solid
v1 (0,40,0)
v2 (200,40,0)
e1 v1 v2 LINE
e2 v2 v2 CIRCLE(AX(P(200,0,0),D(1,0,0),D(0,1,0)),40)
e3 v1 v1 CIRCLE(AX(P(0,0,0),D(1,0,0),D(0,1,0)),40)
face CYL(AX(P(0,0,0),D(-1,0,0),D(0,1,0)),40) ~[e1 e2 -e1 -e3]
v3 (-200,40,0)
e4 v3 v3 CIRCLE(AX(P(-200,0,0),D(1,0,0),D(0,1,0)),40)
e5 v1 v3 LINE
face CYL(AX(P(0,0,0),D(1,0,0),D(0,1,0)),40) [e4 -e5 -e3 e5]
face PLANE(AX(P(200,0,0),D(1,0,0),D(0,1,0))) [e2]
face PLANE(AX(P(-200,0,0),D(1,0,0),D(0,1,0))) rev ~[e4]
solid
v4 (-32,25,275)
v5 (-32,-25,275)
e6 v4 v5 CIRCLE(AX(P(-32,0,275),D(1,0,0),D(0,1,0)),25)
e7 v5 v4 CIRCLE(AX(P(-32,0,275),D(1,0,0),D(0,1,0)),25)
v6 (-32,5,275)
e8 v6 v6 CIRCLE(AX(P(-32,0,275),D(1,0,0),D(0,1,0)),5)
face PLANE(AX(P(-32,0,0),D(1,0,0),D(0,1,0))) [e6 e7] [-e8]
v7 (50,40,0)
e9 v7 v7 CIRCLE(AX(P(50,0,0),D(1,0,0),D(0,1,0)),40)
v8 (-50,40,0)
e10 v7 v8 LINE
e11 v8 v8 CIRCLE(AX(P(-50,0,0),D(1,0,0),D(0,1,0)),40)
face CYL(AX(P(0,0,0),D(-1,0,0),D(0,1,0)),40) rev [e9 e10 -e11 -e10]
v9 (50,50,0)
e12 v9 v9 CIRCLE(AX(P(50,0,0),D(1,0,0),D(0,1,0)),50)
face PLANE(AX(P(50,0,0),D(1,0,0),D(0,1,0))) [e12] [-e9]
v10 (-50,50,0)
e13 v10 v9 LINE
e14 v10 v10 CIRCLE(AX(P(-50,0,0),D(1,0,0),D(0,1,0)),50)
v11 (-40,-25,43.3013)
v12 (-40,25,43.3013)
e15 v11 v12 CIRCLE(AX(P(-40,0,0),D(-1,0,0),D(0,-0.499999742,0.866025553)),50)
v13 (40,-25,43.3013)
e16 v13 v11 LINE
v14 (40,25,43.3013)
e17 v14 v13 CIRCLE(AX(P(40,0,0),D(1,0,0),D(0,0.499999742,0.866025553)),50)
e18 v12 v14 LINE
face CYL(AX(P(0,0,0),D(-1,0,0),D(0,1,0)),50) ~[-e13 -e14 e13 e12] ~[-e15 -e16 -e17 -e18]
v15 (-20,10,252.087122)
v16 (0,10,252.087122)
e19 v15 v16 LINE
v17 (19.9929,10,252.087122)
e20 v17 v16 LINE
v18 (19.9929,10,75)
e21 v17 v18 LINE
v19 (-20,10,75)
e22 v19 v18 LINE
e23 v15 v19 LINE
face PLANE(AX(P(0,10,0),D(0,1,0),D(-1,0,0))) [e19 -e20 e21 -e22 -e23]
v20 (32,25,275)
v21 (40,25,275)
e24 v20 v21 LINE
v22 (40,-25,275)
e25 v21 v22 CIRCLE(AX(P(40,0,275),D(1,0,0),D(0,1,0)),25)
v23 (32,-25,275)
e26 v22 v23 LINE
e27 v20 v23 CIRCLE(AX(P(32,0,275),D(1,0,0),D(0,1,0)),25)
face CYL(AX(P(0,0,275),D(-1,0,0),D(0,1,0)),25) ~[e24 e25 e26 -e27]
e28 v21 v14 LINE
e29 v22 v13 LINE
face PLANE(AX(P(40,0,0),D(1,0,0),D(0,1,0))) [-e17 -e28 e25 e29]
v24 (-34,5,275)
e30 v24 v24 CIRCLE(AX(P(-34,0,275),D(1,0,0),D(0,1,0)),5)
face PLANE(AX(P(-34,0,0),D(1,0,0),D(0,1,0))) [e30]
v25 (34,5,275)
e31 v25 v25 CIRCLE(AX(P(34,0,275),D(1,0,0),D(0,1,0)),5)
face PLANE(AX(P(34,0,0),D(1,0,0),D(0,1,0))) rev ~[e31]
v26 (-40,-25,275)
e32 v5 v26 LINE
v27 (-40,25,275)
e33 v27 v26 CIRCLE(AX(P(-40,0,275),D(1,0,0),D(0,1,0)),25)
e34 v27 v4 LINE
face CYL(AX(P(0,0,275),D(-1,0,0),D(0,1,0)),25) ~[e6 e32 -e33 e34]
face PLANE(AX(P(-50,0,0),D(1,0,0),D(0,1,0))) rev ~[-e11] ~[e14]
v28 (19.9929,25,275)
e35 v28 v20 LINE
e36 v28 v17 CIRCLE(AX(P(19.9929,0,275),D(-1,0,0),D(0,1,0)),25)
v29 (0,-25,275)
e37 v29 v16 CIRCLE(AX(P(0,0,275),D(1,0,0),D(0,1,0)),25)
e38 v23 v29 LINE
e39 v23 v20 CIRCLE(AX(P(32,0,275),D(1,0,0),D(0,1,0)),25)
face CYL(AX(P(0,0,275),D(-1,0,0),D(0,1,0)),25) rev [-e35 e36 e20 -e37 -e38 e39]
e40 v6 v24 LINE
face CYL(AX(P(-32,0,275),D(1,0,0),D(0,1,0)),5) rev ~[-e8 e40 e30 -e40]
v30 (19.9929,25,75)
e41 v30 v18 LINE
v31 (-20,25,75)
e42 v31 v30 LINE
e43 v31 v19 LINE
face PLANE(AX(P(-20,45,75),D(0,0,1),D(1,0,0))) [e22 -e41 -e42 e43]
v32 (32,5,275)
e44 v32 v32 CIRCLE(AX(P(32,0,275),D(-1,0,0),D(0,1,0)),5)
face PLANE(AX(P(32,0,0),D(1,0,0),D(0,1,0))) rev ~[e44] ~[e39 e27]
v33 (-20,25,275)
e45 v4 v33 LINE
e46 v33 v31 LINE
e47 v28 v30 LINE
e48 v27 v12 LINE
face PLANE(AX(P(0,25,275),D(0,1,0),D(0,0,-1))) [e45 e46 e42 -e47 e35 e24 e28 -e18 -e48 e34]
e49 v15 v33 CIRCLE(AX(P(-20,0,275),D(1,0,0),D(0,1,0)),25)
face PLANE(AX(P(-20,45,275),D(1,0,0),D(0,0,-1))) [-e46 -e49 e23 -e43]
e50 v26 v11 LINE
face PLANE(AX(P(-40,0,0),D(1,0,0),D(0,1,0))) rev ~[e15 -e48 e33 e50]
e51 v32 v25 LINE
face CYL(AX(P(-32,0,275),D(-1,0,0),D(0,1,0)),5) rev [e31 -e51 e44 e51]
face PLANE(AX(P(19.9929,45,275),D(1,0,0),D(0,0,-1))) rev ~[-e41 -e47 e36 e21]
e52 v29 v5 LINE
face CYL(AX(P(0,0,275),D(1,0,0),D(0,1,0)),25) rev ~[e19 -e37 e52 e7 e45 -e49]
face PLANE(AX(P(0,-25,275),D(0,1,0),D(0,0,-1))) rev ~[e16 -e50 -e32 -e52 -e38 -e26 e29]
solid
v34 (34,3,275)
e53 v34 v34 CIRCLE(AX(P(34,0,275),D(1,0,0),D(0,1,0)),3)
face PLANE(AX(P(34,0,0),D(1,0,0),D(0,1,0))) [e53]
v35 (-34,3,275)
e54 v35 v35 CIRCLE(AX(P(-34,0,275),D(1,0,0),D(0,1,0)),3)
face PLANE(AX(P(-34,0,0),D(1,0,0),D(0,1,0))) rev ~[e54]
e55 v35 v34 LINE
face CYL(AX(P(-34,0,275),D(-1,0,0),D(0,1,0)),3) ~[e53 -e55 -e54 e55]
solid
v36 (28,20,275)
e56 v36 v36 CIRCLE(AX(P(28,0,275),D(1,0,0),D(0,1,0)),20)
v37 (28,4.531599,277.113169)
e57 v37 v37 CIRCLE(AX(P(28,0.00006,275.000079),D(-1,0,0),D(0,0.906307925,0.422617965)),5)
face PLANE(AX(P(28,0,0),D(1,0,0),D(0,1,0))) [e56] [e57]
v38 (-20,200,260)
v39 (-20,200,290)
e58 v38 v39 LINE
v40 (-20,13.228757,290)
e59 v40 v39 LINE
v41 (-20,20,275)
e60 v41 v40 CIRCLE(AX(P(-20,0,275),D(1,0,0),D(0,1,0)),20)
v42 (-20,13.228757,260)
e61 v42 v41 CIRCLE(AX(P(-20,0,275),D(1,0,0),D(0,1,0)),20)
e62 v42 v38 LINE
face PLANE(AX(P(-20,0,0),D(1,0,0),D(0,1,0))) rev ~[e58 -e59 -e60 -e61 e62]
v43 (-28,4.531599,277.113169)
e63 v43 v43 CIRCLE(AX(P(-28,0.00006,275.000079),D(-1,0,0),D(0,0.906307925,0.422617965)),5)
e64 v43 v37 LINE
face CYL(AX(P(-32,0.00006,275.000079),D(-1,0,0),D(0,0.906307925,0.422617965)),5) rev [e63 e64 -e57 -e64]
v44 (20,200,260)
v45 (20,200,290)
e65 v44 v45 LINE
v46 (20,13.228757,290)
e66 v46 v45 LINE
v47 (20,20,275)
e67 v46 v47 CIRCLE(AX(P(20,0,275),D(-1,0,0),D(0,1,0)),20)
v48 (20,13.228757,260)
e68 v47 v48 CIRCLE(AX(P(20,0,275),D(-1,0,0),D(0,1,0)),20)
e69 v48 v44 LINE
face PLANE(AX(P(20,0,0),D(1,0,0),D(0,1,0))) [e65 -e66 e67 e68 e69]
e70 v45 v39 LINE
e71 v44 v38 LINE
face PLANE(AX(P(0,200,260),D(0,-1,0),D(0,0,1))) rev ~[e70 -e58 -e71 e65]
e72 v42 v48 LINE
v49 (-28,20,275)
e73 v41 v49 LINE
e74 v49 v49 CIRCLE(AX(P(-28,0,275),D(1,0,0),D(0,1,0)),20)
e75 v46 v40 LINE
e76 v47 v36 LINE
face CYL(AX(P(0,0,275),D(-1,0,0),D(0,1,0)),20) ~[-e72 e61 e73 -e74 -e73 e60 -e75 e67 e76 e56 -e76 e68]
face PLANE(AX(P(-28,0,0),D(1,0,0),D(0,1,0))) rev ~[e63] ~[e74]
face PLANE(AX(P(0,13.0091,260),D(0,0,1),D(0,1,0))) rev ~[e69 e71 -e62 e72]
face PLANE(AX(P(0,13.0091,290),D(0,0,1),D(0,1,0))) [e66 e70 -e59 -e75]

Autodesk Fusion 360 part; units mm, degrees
sketch "Sketch1" plane through (0, 0, 0) normal (1, 0, 0) x (0, 1, 0)
  circle A0 centre (0, 0) radius 40
  dimension "d5" = 80
extrude "Extrude1" add sketch "Sketch1" along normal blind 200 and the other way blind 200 makes body 1 in component "Base Rod"
sketch "Sketch2" plane through (0, 0, 0) normal (1, 0, 0) x (0, 1, 0)
  circle A0 centre (0, 0) radius 50
  circle A1 centre (0, 0) radius 40
  dimension "d6" = 100
extrude "Extrude1'" add sketch "Sketch2" along normal blind 50 and the other way blind 50 separate body makes body 2 in component "Arm 1"
sketch "Sketch3" plane through (0, 0, 0) normal (1, 0, 0) x (0, 1, 0)
  line L0 (0, 50) -> (0, 275)
  circle A0 centre (0, 275) radius 25
  line L1 (0, 275) -> (-60, 275)
  line L2 (-60, 275) -> (60, 275)
  line L3 (-25, 275) -> (-25, 43.3013)
  line L4 (25, 275) -> (25, 43.3013)
  circle A1 centre (0, 0) radius 50
  dimension "d19" = 225
  dimension "d20" = 50
extrude "Extrude2" add sketch "Sketch3" along normal blind 40 and the other way blind 40 contours L0 A0 L3 A1 | L0 A0 L4 A1 | L0 A0 L1 L2 | L0 A0 L2 | A0 L1 L2 bodies 2 in component "Arm 1"
sketch "Sketch4" plane through (0, 0, 0) normal (1, 0, 0) x (0, 1, 0)
  line L0 (0, 50) -> (0, 275) construction
  circle A0 centre (0, 275) radius 25
  dimension "d25" = 225
  dimension "d26" = 50
extrude "Extrude3" cut sketch "Sketch4" along normal blind 32 and the other way blind 32 bodies 2 in component "Arm 1"
sketch "Sketch5" plane through (0, 0, 0) normal (1, 0, 0) x (0, 1, 0)
  line L0 (0, 50) -> (0, 275) construction
  circle A0 centre (0, 275) radius 20
  dimension "d31" = 225
  dimension "d32" = 40
extrude "Extrude1''" add sketch "Sketch5" along normal blind 28 and the other way blind 28 separate body makes body 3 in component "Arm 2"
sketch "Sketch6" plane through (0, 0, 0) normal (1, 0, 0) x (0, 1, 0)
  line L0 (0, 295) -> (0, 290) construction
  line L1 (13.0091, 290) -> (200, 290)
  line L2 (0, 255) -> (0, 260) construction
  line L3 (13.0091, 260) -> (200, 260)
  line L4 (200, 260) -> (200, 290)
  circle A0 centre (0, 275) radius 19.8554
  dimension "d41" = 5
  dimension "d42" = 200
  dimension "d43" = 5
  dimension "d44" = 200
extrude "Extrude2'" add sketch "Sketch6" along normal blind 20 and the other way blind 20 contours L1 L3 L4 A0 bodies 3 in component "Arm 2"
sketch "Sketch7" plane through (0, 25, 0) normal (0, 1, 0) x (-1, 0, 0)
  line L0 (40, 275) -> (32, 275)
  line L1 (32, 275) -> (-32, 275)
  line L2 (-32, 275) -> (-40, 275)
  line L3 (-40, 275) -> (-40, 43.3013)
  line L4 (-40, 43.3013) -> (40, 43.3013)
  line L5 (40, 43.3013) -> (40, 275)
  line L6 (-19.9929, 275) -> (-19.9929, 75)
  line L7 (20, 275) -> (20, 75)
  line L8 (20, 75) -> (-19.9929, 75)
  dimension "d49" = 200
  dimension "d50" = 200
extrude "Extrude3'" [suppressed] in component "Arm 2"
extrude "Extrude4" cut sketch "Sketch7" along normal blind -15 and the other way blind -20 contours L1 L6 L7 L8 bodies 2 in component "Arm 1"
sketch "Sketch8" plane through (-32, 0, 0) normal (1, 0, 0) x (0, 1, 0)
  arc A0 (25, 275) -> (-25, 275) centre (0, 275) ccw
  arc A1 (-25, 275) -> (25, 275) centre (0, 275) ccw
  circle A2 centre (0, 275) radius 5
extrude "Extrude5" cut sketch "Sketch8" along normal blind 66 and the other way blind 2 contours A2 bodies 2 in component "Arm 1"
extrude "Extrude4'" cut sketch "Sketch8" along normal blind 66 and the other way blind 2 contours A2 sketch seen with x (1, 0, 0) y (0, 0.906308, 0.422618) z (0, -0.422618, 0.906308) at (0, 116.22, 25.7654) bodies 3 in component "Arm 2"
sketch "Sketch9" plane through (-34, 0, 0) normal (1, 0, 0) x (0, 1, 0)
  circle A0 centre (0, 275) radius 5
  circle A1 centre (0, 275) radius 3
extrude "Extrude1'''" add sketch "Sketch9" along normal up to surface (68 mm away) separate body contours A1 makes body 4 in component "Component"
component "Base Rod" placed x (1, 0, 0) y (0, 1, 0) z (0, 0, 1) at (0, 0, 0)
component "Arm 1" placed x (1, 0, 0) y (0, 1, 0) z (0, 0, 1) at (0, 0, 0)
component "Arm 2" placed x (1, 0, 0) y (0, 1, 0) z (0, 0, 1) at (0, 0, 0)
component "Component" placed x (1, 0, 0) y (0, 1, 0) z (0, 0, 1) at (0, 0, 0)
